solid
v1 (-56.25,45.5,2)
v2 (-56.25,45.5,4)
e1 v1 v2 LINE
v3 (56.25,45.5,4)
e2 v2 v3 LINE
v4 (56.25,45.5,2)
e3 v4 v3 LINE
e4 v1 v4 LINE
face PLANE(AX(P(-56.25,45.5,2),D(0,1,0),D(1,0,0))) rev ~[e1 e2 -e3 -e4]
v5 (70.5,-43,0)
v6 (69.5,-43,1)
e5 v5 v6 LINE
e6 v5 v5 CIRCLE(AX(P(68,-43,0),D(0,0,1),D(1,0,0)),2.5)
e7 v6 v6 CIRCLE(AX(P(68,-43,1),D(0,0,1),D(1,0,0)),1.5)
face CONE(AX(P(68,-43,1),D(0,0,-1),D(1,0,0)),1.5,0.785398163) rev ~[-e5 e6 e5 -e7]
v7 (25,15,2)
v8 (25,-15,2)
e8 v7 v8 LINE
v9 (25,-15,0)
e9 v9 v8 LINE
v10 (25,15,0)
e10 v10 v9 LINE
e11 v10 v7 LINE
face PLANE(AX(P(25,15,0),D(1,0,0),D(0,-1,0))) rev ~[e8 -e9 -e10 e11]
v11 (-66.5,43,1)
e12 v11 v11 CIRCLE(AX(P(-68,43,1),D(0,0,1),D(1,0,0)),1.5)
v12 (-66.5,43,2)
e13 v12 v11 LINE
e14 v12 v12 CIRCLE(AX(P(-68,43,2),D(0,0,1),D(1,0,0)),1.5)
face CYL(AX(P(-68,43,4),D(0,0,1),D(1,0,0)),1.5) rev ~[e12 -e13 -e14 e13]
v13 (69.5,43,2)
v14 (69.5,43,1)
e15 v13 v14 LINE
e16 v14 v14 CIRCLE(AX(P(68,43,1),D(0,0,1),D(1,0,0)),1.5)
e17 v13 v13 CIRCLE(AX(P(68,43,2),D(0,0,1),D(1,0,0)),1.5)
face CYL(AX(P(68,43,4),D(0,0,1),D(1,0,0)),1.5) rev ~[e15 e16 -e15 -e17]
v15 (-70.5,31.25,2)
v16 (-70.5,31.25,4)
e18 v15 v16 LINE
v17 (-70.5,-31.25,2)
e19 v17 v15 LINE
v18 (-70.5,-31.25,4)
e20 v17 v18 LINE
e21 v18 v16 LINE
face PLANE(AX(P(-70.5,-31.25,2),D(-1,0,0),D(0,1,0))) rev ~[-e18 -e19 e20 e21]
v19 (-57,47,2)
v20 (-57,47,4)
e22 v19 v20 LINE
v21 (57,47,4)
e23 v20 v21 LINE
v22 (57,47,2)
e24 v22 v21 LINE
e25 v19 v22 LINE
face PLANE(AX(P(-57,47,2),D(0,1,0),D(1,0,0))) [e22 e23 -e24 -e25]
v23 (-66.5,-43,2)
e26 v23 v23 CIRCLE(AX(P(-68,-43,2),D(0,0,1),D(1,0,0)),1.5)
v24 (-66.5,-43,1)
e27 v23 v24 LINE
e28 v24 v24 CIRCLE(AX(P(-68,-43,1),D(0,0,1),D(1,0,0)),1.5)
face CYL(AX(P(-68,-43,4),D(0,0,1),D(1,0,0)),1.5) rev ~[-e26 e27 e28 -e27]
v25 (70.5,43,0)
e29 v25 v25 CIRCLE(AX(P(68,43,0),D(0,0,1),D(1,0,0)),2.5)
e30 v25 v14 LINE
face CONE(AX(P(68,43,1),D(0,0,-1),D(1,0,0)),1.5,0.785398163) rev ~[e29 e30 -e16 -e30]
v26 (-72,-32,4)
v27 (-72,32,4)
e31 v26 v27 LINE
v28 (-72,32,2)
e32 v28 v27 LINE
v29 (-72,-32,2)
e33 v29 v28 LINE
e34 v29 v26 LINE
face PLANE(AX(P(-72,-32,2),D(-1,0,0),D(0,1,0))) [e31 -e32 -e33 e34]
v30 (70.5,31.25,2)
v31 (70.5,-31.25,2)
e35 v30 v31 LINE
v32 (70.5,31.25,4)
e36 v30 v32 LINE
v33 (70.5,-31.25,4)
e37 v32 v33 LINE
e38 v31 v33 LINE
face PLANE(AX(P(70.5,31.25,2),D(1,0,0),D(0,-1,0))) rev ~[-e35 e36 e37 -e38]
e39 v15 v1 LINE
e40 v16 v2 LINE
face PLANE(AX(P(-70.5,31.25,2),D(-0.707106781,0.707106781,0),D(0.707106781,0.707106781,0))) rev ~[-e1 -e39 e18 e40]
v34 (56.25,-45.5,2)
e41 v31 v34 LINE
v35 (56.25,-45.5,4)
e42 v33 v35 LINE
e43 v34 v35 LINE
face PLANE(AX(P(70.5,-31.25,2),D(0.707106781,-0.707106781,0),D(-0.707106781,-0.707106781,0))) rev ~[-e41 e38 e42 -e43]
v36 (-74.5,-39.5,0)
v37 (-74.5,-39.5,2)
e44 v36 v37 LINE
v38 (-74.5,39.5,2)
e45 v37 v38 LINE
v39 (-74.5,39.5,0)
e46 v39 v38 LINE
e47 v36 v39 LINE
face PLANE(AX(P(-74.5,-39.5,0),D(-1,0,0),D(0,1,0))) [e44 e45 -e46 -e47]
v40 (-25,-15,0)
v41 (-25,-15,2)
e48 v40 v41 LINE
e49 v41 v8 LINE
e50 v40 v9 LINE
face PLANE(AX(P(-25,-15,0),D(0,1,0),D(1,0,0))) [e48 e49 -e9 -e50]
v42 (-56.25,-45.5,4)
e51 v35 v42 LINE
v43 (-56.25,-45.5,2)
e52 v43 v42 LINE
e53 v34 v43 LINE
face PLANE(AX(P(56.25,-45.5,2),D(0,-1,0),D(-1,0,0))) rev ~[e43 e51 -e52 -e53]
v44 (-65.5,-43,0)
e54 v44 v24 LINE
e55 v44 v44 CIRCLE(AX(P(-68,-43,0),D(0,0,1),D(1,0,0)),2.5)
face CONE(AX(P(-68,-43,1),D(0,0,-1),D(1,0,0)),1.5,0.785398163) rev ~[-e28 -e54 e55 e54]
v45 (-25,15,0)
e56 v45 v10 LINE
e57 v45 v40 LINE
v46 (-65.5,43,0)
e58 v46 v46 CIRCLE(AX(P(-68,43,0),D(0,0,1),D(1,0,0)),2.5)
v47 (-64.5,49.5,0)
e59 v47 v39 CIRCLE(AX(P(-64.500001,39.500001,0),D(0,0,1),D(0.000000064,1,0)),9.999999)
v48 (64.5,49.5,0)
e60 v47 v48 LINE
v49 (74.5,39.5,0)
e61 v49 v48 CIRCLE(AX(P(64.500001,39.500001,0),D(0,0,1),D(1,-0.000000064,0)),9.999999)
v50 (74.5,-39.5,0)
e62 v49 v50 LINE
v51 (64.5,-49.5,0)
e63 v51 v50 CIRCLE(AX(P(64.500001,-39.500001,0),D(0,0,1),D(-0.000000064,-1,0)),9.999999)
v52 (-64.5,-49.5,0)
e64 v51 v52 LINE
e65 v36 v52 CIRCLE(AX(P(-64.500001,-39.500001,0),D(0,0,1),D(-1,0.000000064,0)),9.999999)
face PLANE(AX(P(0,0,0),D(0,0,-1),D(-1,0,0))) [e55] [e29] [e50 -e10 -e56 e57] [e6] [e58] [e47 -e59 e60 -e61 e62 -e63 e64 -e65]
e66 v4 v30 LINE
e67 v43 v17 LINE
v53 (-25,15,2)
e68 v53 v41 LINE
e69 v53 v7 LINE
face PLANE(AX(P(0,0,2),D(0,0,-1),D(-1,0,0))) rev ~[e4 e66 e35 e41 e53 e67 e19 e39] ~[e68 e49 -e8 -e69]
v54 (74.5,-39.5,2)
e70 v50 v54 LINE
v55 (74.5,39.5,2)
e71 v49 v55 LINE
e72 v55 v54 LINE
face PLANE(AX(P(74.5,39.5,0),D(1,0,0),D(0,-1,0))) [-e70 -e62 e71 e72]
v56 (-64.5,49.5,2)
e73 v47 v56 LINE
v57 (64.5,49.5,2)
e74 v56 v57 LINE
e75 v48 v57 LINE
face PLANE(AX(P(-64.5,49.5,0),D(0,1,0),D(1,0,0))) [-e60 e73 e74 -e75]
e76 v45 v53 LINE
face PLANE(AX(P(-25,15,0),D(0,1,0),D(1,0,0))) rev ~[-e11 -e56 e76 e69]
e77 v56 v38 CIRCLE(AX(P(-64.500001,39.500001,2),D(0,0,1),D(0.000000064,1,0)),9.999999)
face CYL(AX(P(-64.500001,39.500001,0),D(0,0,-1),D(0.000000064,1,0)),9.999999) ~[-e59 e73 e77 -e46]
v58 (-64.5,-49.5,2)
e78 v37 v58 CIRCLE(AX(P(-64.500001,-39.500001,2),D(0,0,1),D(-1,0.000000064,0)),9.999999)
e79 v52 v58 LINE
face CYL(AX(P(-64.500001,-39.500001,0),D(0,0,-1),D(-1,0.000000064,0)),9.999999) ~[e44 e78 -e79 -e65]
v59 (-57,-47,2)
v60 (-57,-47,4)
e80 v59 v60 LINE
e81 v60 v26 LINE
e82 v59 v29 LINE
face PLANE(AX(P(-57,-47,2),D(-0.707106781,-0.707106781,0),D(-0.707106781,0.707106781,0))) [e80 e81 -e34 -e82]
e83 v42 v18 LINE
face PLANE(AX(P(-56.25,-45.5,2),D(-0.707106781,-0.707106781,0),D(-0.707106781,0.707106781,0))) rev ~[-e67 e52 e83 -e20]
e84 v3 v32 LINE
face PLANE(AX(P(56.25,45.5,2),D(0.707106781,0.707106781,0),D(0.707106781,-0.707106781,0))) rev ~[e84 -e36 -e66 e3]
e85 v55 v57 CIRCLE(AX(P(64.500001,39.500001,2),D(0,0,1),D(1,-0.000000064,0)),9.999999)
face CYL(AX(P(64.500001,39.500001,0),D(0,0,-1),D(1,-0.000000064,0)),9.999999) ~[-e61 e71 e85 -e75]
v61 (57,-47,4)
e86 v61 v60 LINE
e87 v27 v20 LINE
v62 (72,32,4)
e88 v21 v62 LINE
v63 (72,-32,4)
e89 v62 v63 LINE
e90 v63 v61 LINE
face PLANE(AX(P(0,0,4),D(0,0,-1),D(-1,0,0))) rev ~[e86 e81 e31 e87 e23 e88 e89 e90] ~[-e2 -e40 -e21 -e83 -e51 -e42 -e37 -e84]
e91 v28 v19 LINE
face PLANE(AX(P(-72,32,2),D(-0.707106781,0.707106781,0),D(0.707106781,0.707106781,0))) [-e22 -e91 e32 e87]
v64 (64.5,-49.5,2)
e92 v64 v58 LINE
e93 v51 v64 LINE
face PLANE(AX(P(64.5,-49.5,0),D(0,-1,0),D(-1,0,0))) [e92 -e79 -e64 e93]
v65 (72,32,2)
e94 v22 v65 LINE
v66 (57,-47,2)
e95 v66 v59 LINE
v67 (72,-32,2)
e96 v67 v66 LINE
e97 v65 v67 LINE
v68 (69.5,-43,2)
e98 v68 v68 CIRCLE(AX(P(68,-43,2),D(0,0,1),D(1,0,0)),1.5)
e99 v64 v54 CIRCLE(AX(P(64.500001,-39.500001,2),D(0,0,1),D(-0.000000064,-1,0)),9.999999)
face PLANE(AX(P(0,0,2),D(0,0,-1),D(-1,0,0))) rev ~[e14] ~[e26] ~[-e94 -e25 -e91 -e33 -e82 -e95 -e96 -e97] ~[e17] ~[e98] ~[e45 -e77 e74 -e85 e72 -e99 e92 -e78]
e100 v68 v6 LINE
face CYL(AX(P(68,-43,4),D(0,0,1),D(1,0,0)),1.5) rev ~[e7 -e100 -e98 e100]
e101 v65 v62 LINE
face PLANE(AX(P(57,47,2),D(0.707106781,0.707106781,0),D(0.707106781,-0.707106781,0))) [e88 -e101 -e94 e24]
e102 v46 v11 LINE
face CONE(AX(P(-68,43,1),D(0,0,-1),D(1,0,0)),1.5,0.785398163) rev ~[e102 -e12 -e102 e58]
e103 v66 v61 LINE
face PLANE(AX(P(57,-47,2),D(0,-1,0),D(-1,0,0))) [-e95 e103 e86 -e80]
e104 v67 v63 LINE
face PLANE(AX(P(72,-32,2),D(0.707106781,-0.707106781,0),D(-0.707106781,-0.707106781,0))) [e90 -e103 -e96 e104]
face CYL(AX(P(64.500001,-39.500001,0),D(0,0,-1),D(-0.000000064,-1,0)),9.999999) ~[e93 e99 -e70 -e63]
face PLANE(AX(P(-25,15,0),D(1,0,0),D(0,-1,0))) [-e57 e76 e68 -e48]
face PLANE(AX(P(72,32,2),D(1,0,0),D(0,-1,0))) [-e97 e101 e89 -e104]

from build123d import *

# Parameters (mm, degrees)
PAD_DEPTH       = 2
SKETCH002_R     = 1.5
POCKET_DEPTH    = 5
CHAMFER_SIZE    = 1
CHAMFER001_SIZE = 1
CHAMFER002_SIZE = 1
CHAMFER003_SIZE = 1
SKETCH004_W     = 50
SKETCH004_H     = 30
POCKET001_DEPTH = 5
PAD001_DEPTH    = 2


with BuildPart() as part:
    # Sketch → Pad (new body)
    with BuildSketch(Plane.XY):
        with BuildLine():
            Line((-64.5, 49.5), (64.5, 49.5))
            ThreePointArc((74.5, 39.5), (71.571068, 46.571068), (64.5, 49.5))
            Line((74.5, 39.5), (74.5, -39.5))
            ThreePointArc((64.5, -49.5), (71.571068, -46.571068), (74.5, -39.5))
            Line((64.5, -49.5), (-64.5, -49.5))
            ThreePointArc((-74.5, -39.5), (-71.571068, -46.571068), (-64.5, -49.5))
            Line((-74.5, -39.5), (-74.5, 39.5))
            ThreePointArc((-64.5, 49.5), (-71.571068, 46.571068), (-74.5, 39.5))
        make_face()
    extrude(amount=PAD_DEPTH)

    # Sketch002 → Pocket (cut)
    with BuildSketch(Plane.XY.offset(4)):
        with Locations((-68, 43)):
            Circle(SKETCH002_R)
        with Locations((-68, -43)):
            Circle(SKETCH002_R)
        with Locations((68, -43)):
            Circle(SKETCH002_R)
        with Locations((68, 43)):
            Circle(SKETCH002_R)
    extrude(amount=-POCKET_DEPTH, mode=Mode.SUBTRACT)

    # Chamfer
    chamfer_edges = [part.edges().sort_by_distance(p)[0] for p in [
        (-69.5, 43, 0),
    ]]
    chamfer(chamfer_edges, length=CHAMFER_SIZE)

    # Chamfer001
    chamfer001_edges = [part.edges().sort_by_distance(p)[0] for p in [
        (-69.5, -43, 0),
    ]]
    chamfer(chamfer001_edges, length=CHAMFER001_SIZE)

    # Chamfer002
    chamfer002_edges = [part.edges().sort_by_distance(p)[0] for p in [
        (66.5, -43, 0),
    ]]
    chamfer(chamfer002_edges, length=CHAMFER002_SIZE)

    # Chamfer003
    chamfer003_edges = [part.edges().sort_by_distance(p)[0] for p in [
        (66.5, 43, 0),
    ]]
    chamfer(chamfer003_edges, length=CHAMFER003_SIZE)

    # Sketch004 → Pocket001 (cut)
    with BuildSketch(Plane(origin=(0, 0, 0), x_dir=(1, 0, 0), z_dir=(0, 0, -1))):
        Rectangle(SKETCH004_W, SKETCH004_H)
    extrude(amount=-POCKET001_DEPTH, mode=Mode.SUBTRACT)

    # Sketch005 (on Face18 of Pocket001) → Pad001 (join)
    with BuildSketch(Plane.XY.offset(2)):
        Polygon((-57, 47), (57, 47), (72, 32), (72, -32), (57, -47), (-57, -47), (-72, -32), (-72, 32), align=None)
        Polygon((-70.5, 31.25), (-56.25, 45.5), (56.25, 45.5), (70.5, 31.25), (70.5, -31.25), (56.25, -45.5), (-56.25, -45.5), (-70.5, -31.25), align=None, mode=Mode.SUBTRACT)
    extrude(amount=PAD001_DEPTH)


solid = part.part
